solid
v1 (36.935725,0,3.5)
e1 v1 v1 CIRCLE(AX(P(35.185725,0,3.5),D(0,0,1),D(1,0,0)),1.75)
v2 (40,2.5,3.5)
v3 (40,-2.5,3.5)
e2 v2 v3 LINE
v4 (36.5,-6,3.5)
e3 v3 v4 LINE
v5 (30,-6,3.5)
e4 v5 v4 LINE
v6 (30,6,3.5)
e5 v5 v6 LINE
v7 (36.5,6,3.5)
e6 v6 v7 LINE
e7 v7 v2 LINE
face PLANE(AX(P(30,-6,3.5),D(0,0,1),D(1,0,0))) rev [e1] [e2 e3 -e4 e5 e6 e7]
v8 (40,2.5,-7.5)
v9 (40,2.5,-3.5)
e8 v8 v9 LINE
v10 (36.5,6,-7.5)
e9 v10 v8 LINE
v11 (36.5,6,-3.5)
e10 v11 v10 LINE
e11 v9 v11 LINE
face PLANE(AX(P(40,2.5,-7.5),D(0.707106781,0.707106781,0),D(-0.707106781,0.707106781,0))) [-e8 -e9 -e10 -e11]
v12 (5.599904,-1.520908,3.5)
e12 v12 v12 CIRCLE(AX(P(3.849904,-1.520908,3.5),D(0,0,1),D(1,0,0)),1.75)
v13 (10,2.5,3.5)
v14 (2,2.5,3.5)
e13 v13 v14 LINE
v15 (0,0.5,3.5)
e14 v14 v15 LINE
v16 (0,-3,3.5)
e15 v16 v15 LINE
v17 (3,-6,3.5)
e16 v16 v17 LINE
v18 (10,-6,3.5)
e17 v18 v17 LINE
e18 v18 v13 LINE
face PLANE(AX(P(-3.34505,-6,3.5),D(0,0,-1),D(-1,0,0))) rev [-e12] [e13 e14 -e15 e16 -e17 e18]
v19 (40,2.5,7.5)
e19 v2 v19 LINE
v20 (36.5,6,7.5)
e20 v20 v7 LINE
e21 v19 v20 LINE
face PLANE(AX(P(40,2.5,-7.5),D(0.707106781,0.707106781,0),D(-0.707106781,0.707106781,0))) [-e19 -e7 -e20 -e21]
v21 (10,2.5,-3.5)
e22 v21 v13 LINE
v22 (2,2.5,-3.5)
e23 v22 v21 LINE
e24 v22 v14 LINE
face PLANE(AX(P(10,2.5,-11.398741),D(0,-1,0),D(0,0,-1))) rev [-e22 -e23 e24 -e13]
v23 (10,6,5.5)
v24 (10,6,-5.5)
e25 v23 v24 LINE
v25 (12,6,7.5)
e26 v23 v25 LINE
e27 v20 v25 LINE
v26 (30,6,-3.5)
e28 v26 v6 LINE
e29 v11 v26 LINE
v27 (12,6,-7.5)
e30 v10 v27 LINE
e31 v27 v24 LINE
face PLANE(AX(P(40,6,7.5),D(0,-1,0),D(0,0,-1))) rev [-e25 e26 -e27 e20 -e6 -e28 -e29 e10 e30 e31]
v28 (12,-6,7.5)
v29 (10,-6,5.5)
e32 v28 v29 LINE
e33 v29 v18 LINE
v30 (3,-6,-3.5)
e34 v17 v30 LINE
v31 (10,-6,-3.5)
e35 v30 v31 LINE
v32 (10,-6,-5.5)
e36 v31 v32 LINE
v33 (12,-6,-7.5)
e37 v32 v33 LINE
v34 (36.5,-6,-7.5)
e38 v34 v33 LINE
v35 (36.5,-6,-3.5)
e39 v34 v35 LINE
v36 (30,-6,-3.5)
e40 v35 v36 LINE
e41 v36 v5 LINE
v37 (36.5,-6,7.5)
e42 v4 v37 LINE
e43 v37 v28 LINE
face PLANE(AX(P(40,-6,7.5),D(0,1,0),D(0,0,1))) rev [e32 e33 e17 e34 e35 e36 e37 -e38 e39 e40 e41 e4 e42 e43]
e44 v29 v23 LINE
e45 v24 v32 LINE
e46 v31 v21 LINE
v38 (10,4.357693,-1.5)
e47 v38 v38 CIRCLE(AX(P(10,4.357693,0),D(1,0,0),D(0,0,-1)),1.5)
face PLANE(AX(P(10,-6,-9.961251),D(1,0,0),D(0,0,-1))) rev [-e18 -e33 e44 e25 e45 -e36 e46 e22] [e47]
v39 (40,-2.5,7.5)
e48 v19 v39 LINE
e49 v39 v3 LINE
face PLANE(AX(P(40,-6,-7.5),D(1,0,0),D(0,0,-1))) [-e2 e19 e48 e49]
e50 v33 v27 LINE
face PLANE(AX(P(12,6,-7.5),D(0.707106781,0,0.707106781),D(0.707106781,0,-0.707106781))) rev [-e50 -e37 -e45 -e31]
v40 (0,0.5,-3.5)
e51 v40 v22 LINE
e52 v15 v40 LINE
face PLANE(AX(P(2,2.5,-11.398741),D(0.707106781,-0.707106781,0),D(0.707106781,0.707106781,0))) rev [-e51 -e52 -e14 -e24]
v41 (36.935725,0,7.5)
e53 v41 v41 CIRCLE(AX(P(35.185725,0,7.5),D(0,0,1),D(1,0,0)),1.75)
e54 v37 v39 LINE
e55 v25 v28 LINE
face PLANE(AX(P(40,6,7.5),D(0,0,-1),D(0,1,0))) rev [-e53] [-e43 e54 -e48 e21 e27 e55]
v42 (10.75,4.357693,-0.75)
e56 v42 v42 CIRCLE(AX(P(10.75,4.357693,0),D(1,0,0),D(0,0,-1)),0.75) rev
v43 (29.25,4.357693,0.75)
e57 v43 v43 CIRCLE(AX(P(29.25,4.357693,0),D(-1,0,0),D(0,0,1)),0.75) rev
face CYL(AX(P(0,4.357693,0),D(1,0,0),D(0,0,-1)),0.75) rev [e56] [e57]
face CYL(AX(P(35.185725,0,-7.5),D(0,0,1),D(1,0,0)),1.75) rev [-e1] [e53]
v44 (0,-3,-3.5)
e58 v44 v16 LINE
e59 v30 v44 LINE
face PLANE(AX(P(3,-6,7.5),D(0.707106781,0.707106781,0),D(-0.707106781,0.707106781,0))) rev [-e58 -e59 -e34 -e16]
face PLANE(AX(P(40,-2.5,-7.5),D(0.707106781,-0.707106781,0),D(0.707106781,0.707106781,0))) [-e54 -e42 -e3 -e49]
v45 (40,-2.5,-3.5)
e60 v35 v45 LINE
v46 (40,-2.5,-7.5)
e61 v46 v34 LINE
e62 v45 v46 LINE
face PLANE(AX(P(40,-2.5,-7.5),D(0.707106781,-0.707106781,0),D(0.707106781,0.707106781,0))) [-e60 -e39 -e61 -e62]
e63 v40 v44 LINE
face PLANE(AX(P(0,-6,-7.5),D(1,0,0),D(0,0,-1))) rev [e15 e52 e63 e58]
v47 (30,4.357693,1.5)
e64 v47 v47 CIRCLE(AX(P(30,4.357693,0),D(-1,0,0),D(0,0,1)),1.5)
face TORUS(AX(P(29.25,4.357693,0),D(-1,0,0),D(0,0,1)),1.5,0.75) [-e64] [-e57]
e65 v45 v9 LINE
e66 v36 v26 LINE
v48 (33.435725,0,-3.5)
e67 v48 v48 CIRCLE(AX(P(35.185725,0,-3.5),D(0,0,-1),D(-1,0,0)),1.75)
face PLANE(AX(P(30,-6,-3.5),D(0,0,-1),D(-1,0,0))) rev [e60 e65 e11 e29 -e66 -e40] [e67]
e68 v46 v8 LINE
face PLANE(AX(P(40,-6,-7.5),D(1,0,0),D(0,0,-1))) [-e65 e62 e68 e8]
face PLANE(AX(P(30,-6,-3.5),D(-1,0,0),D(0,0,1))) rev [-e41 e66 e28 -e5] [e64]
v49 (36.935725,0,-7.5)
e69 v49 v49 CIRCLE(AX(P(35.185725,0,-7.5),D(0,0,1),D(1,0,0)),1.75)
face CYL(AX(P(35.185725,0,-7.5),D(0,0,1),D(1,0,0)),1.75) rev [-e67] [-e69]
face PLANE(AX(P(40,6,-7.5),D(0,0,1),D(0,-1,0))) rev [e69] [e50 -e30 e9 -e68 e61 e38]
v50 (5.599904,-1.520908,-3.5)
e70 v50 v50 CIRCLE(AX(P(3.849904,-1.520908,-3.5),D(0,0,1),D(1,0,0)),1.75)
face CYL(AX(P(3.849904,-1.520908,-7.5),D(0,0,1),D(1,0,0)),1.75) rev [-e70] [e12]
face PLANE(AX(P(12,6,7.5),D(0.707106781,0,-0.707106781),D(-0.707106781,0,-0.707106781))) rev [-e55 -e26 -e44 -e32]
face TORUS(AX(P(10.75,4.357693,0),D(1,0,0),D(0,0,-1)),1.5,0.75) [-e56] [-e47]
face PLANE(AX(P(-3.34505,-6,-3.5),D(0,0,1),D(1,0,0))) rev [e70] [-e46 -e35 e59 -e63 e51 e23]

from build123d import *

# Parameters (mm, degrees)
SKETCH_2_W            = 15
SKETCH_2_H            = 12
EXTRUDE_1_DEPTH       = 40
SKETCH_3_W            = 13.345049732
SKETCH_3_H            = 6.461251269
CUT_EXTRUDE_1_DEPTH   = 43.429353047
SKETCH_4_R            = 1.75
CUT_EXTRUDE_2_DEPTH   = 42.91658383
SKETCH_5_W            = 15.367688112
SKETCH_5_H            = 7
CUT_EXTRUDE_2_2_DEPTH = 43.429353047
CHAMFER_4_SIZE        = 3.5
SKETCH_7_R            = 0.75
CUT_EXTRUDE_3_DEPTH   = 32.5
CHAMFER_5_SIZE        = 3
SKETCH_8_W            = 20.918678204
SKETCH_8_H            = 3.864211738
CUT_EXTRUDE_4_DEPTH   = 10
CHAMFER_6_SIZE        = 2
SKETCH_9_R            = 1.75
CUT_EXTRUDE_5_DEPTH   = 44.13930922
FILLET_6_R            = 0.75
CHAMFER_7_SIZE        = 2


with BuildPart() as part:
    # Эскиз2 → Вытянуть1 (new body)
    with BuildSketch(Plane(origin=(0, 0, 0), x_dir=(0, 0, -1), z_dir=(1, 0, 0))):
        Rectangle(SKETCH_2_W, SKETCH_2_H)
    extrude(amount=EXTRUDE_1_DEPTH)

    # Эскиз3 → Вырез-Вытянуть1 (cut, through all)
    with BuildSketch(Plane(origin=(0, 6, 0), x_dir=(1, 0, 0), z_dir=(0, 1, 0))):
        with Locations((3.327475134, -6.730625634)):
            Rectangle(SKETCH_3_W, SKETCH_3_H)
        with Locations((3.327475134, 6.730625634)):
            Rectangle(SKETCH_3_W, SKETCH_3_H)
    extrude(amount=-CUT_EXTRUDE_1_DEPTH, mode=Mode.SUBTRACT)

    # Эскиз4 → Cut-Extrude 2 (cut, through all)
    with BuildSketch(Plane.XY.offset(3.5)):
        with Locations((3.849904433, -1.520907782)):
            Circle(SKETCH_4_R)
    extrude(amount=-CUT_EXTRUDE_2_DEPTH, mode=Mode.SUBTRACT)

    # Эскиз5 → Cut-Extrude 2 2 (cut, through all)
    with BuildSketch(Plane(origin=(0, 6, 0), x_dir=(1, 0, 0), z_dir=(0, 1, 0))):
        with Locations((37.683844056, 0)):
            Rectangle(SKETCH_5_W, SKETCH_5_H)
    extrude(amount=-CUT_EXTRUDE_2_2_DEPTH, mode=Mode.SUBTRACT)

    # Фаска4
    chamfer_4_edges = [part.edges().sort_by_distance(p)[0] for p in [
        (40, -6, 5.5),
        (40, 6, 5.5),
        (40, -6, -5.5),
        (40, 6, -5.5),
    ]]
    chamfer(chamfer_4_edges, length=CHAMFER_4_SIZE)

    # Эскиз7 → Вытянуть3 (cut, through all)
    with BuildSketch(Plane(origin=(30, 0, 0), x_dir=(0, 0, -1), z_dir=(1, 0, 0))):
        with Locations((0, 4.357693323)):
            Circle(SKETCH_7_R)
    extrude(amount=-CUT_EXTRUDE_3_DEPTH, mode=Mode.SUBTRACT)

    # Фаска5
    chamfer_5_edges = [part.edges().sort_by_distance(p)[0] for p in [
        (0, -6, 0),
    ]]
    chamfer(chamfer_5_edges, length=CHAMFER_5_SIZE)

    # Эскиз8 → Вытянуть4 (cut)
    with BuildSketch(Plane.ZY):
        with Locations((-0.939401822, 4.432105869)):
            Rectangle(SKETCH_8_W, SKETCH_8_H)
    extrude(amount=-CUT_EXTRUDE_4_DEPTH, mode=Mode.SUBTRACT)

    # Фаска6
    chamfer_6_edges = [part.edges().sort_by_distance(p)[0] for p in [
        (0, 2.5, 0),
    ]]
    chamfer(chamfer_6_edges, length=CHAMFER_6_SIZE)

    # Эскиз9 → Вытянуть5 (cut, through all)
    with BuildSketch(Plane.XY.offset(7.5)):
        with Locations((35.185724632, 0)):
            Circle(SKETCH_9_R)
    extrude(amount=-CUT_EXTRUDE_5_DEPTH, mode=Mode.SUBTRACT)

    # Скругление6
    fillet_6_edges = [part.edges().sort_by_distance(p)[0] for p in [
        (30, 4.357693323, 0.75),
        (10, 4.357693323, 0.75),
    ]]
    fillet(fillet_6_edges, radius=FILLET_6_R)

    # Фаска7
    chamfer_7_edges = [part.edges().sort_by_distance(p)[0] for p in [
        (10, 0, -7.5),
        (10, 0, 7.5),
    ]]
    chamfer(chamfer_7_edges, length=CHAMFER_7_SIZE)


solid = part.part
